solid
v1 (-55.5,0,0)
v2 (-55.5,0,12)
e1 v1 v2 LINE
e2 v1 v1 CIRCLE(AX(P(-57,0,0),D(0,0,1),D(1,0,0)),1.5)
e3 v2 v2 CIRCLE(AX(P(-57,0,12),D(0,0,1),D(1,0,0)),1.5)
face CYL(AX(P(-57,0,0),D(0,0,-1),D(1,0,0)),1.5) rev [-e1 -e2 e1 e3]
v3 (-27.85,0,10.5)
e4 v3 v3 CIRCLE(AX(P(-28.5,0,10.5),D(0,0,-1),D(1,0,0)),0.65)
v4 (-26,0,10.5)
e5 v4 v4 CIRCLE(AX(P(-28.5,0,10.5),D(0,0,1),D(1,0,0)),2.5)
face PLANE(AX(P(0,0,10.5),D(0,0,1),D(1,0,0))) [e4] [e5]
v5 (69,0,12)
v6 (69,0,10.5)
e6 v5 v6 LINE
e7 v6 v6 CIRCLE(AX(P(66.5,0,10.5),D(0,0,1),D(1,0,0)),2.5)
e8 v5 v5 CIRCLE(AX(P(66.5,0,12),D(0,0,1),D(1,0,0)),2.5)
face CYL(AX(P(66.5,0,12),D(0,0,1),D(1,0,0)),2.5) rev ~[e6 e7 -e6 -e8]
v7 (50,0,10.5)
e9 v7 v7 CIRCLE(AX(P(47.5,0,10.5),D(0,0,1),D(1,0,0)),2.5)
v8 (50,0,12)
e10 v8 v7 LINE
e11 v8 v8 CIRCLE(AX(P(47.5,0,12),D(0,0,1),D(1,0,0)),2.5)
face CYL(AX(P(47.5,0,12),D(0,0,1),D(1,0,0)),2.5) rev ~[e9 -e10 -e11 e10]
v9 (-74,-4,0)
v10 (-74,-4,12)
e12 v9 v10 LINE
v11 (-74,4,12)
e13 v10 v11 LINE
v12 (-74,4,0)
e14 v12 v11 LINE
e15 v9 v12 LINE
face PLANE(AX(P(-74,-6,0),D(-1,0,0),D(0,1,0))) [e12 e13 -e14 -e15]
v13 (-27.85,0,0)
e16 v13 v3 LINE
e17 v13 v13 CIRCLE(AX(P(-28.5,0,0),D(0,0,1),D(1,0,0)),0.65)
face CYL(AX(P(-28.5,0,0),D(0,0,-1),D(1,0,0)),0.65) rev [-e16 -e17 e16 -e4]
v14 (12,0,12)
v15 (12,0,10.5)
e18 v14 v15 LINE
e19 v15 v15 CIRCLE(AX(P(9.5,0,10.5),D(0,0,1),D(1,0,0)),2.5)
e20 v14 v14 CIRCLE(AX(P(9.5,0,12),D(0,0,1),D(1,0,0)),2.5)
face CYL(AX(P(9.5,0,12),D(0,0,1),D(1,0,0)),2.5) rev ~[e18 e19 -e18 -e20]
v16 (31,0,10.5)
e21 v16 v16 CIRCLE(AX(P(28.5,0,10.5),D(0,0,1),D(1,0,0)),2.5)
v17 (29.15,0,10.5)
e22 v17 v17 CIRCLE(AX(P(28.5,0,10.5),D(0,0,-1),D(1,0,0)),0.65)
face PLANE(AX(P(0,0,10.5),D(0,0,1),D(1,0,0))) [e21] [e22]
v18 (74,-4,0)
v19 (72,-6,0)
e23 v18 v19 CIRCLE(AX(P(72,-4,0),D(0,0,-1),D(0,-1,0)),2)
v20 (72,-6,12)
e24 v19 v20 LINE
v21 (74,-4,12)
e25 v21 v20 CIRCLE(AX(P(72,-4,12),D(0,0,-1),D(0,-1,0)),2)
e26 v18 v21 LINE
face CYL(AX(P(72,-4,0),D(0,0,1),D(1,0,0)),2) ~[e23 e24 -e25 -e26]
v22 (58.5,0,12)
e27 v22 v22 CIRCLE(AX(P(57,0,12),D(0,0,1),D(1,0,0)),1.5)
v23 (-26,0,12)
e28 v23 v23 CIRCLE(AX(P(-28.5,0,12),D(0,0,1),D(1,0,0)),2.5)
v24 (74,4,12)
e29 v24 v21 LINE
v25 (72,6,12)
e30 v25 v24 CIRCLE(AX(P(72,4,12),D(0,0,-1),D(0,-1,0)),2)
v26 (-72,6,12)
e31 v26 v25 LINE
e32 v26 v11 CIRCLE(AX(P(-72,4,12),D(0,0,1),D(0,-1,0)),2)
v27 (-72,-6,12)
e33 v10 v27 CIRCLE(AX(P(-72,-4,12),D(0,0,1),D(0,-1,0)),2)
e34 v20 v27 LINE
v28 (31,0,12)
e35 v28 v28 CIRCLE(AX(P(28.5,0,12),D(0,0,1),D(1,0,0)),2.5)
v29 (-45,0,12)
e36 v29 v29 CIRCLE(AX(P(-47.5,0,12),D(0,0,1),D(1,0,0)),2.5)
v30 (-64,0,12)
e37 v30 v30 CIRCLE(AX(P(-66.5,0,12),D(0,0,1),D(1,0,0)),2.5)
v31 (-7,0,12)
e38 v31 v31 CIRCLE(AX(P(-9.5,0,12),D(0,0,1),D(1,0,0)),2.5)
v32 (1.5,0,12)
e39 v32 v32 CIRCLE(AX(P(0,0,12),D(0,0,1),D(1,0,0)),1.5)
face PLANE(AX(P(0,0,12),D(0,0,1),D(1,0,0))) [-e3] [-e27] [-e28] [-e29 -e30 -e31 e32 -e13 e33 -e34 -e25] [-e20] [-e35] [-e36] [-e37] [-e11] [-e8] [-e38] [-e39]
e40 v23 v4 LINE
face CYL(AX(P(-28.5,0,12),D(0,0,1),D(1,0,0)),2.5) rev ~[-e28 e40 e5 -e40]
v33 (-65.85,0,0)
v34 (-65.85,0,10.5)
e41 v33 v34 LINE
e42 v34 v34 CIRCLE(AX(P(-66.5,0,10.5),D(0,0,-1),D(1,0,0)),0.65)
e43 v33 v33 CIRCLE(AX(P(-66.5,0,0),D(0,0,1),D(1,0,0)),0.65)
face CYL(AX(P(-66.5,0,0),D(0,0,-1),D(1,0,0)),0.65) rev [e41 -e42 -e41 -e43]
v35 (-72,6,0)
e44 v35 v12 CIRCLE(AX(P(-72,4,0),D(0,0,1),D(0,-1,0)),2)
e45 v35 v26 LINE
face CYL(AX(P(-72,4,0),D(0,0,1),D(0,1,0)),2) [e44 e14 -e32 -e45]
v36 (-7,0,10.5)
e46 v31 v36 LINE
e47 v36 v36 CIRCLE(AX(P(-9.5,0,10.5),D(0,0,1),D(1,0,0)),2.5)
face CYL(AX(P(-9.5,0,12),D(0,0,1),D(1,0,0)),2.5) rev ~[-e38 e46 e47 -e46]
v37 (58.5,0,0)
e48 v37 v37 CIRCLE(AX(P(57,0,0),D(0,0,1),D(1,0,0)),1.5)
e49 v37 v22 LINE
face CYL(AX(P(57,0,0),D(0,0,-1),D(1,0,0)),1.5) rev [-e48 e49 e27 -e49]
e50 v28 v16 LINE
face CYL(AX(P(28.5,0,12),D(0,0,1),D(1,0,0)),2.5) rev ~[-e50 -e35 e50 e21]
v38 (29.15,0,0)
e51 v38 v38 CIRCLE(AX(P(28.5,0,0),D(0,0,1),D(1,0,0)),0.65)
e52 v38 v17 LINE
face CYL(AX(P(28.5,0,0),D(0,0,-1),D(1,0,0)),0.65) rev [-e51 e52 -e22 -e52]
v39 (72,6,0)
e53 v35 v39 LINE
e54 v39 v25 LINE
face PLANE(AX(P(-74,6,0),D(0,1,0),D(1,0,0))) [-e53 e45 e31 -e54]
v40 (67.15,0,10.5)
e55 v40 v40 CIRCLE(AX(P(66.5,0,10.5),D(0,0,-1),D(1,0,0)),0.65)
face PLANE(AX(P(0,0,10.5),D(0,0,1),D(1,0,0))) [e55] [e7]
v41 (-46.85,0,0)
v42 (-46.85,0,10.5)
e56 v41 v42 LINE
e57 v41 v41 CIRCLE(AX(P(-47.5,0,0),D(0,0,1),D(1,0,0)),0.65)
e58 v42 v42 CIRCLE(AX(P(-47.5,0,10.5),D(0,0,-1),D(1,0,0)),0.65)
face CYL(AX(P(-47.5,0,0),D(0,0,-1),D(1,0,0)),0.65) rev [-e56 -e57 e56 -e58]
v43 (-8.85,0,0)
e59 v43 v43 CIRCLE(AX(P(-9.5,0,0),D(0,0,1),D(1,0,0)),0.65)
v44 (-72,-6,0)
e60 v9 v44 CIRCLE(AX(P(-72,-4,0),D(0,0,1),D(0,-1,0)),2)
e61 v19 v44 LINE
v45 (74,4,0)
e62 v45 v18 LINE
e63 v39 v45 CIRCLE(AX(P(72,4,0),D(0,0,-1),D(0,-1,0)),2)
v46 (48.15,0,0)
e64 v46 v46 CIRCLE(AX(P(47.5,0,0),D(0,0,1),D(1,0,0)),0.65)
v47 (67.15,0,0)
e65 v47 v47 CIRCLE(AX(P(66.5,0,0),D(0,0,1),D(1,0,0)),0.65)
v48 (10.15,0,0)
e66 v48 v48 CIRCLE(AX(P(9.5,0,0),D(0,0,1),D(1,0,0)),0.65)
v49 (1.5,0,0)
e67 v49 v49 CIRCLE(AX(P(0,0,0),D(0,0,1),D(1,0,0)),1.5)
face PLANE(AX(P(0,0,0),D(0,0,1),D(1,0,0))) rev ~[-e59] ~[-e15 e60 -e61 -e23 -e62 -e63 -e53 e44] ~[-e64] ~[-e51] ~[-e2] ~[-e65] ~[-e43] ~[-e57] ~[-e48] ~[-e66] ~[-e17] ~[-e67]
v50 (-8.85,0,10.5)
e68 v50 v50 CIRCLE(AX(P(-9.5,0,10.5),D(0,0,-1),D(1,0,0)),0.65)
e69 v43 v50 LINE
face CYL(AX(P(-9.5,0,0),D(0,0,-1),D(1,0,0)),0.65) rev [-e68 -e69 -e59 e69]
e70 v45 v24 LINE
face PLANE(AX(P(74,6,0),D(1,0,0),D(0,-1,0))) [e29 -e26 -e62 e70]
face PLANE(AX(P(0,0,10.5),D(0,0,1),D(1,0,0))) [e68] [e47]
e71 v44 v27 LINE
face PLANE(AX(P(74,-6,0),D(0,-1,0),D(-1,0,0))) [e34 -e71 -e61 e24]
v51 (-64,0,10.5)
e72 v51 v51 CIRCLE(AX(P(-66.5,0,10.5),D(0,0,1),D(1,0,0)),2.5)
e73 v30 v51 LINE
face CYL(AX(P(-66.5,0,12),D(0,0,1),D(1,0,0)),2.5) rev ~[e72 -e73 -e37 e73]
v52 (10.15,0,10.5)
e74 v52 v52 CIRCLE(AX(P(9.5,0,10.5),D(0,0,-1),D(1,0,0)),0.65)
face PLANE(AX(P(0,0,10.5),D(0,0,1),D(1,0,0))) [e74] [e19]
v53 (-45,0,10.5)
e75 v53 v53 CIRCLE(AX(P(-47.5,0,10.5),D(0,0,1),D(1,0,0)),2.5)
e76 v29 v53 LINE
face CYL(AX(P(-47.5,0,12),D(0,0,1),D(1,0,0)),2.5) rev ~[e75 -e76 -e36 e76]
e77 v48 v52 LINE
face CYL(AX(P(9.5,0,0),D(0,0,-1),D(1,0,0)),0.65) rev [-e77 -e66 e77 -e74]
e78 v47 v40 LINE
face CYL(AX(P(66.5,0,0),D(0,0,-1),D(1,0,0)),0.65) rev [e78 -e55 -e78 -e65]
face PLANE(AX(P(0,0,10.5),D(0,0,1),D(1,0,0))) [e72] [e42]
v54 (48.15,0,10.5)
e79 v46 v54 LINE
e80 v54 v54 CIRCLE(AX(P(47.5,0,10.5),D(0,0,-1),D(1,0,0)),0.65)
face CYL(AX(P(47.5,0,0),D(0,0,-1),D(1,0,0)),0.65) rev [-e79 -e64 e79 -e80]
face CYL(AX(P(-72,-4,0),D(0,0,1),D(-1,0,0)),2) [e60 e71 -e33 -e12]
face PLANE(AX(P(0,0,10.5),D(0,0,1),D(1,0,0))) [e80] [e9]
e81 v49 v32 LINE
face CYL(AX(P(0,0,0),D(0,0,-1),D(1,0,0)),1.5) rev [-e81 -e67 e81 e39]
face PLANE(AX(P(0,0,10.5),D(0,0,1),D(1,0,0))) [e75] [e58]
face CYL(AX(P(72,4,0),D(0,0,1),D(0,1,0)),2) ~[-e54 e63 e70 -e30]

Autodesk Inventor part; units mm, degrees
ref_plane "YZ Plane" through (0, 0, 0) normal (1, 0, 0) x (0, 1, 0)
ref_plane "XZ Plane" through (0, 0, 0) normal (0, 1, 0) x (-1, 0, 0)
ref_plane "XY Plane" through (0, 0, 0) normal (0, 0, 1) x (1, 0, 0)
sketch "Boceto1" plane through (0, 0, 0) normal (0, 0, 1) x (1, 0, 0)
  line L0 (-74, 6) -> (74, 6)
  line L1 (74, 6) -> (74, -6)
  line L2 (74, -6) -> (-74, -6)
  line L3 (-74, -6) -> (-74, 6)
  circle A0 centre (0, 0) radius 1.5
  circle A1 centre (57, 0) radius 1.5
  circle A2 centre (-57, 0) radius 1.5
  circle A3 centre (-9.5, 0) radius 0.65
  circle A4 centre (9.5, 0) radius 0.65
  circle A5 centre (28.5, 0) radius 0.65
  circle A6 centre (47.5, 0) radius 0.65
  circle A7 centre (66.5, 0) radius 0.65
  circle A8 centre (-28.5, 0) radius 0.65
  circle A9 centre (-47.5, 0) radius 0.65
  circle A10 centre (-66.5, 0) radius 0.65
  point P0 (-74, 0)
  point P1 (0, 6)
  dimension "d0" = 148
  dimension "d1" = 12
  dimension "d2" = 3
  dimension "d3" = 3
  dimension "d4" = 3
  dimension "d5" = 57
  dimension "d6" = 57
  dimension "d7" = 1.3
  dimension "d8" = 1.3
  dimension "d9" = 19
  dimension "d10" = 9.5
  dimension "d13" = 19
  dimension "d20" = 19
extrude "Extrusión1" add sketch "Boceto1" along normal blind 12
sketch "Boceto2" plane through (0, 0, 12) normal (0, 0, 1) x (1, 0, 0)
  circle A0 centre (-66.5, 0) radius 0.65 projected
  circle A1 centre (-66.5, 0) radius 2.5
  line L0 (-78, 0) -> (74, 0) construction
  line L1 (74, -6) -> (74, 6) construction
  circle A2 centre (-47.5, 0) radius 2.5
  circle A3 centre (-28.5, 0) radius 2.5
  circle A4 centre (-9.5, 0) radius 2.5
  circle A5 centre (9.5, 0) radius 2.5
  circle A6 centre (28.5, 0) radius 2.5
  circle A7 centre (47.5, 0) radius 2.5
  circle A8 centre (66.5, 0) radius 2.5
  point P0 (0, 0)
  dimension "d27" = 5
  dimension "d30" = 19
  dimension "d35" = 152
extrude "Extrusión2" cut sketch "Boceto2" against normal blind 1.5 contours A0 | A1 | A2 | A3 | A4 | A5 | A6 | A7 | A8
fillet "Empalme1" radius 2 4 edges at (-74, -6, 6) (74, -6, 6) (74, 6, 6) (-74, 6, 6)
equation "\"d6\" = d5"
equation "\"d8\" = d7"
equation "\"d10\" = 0.5 * d9"
properties part number "Guia fibra 8Ch V2_2"
